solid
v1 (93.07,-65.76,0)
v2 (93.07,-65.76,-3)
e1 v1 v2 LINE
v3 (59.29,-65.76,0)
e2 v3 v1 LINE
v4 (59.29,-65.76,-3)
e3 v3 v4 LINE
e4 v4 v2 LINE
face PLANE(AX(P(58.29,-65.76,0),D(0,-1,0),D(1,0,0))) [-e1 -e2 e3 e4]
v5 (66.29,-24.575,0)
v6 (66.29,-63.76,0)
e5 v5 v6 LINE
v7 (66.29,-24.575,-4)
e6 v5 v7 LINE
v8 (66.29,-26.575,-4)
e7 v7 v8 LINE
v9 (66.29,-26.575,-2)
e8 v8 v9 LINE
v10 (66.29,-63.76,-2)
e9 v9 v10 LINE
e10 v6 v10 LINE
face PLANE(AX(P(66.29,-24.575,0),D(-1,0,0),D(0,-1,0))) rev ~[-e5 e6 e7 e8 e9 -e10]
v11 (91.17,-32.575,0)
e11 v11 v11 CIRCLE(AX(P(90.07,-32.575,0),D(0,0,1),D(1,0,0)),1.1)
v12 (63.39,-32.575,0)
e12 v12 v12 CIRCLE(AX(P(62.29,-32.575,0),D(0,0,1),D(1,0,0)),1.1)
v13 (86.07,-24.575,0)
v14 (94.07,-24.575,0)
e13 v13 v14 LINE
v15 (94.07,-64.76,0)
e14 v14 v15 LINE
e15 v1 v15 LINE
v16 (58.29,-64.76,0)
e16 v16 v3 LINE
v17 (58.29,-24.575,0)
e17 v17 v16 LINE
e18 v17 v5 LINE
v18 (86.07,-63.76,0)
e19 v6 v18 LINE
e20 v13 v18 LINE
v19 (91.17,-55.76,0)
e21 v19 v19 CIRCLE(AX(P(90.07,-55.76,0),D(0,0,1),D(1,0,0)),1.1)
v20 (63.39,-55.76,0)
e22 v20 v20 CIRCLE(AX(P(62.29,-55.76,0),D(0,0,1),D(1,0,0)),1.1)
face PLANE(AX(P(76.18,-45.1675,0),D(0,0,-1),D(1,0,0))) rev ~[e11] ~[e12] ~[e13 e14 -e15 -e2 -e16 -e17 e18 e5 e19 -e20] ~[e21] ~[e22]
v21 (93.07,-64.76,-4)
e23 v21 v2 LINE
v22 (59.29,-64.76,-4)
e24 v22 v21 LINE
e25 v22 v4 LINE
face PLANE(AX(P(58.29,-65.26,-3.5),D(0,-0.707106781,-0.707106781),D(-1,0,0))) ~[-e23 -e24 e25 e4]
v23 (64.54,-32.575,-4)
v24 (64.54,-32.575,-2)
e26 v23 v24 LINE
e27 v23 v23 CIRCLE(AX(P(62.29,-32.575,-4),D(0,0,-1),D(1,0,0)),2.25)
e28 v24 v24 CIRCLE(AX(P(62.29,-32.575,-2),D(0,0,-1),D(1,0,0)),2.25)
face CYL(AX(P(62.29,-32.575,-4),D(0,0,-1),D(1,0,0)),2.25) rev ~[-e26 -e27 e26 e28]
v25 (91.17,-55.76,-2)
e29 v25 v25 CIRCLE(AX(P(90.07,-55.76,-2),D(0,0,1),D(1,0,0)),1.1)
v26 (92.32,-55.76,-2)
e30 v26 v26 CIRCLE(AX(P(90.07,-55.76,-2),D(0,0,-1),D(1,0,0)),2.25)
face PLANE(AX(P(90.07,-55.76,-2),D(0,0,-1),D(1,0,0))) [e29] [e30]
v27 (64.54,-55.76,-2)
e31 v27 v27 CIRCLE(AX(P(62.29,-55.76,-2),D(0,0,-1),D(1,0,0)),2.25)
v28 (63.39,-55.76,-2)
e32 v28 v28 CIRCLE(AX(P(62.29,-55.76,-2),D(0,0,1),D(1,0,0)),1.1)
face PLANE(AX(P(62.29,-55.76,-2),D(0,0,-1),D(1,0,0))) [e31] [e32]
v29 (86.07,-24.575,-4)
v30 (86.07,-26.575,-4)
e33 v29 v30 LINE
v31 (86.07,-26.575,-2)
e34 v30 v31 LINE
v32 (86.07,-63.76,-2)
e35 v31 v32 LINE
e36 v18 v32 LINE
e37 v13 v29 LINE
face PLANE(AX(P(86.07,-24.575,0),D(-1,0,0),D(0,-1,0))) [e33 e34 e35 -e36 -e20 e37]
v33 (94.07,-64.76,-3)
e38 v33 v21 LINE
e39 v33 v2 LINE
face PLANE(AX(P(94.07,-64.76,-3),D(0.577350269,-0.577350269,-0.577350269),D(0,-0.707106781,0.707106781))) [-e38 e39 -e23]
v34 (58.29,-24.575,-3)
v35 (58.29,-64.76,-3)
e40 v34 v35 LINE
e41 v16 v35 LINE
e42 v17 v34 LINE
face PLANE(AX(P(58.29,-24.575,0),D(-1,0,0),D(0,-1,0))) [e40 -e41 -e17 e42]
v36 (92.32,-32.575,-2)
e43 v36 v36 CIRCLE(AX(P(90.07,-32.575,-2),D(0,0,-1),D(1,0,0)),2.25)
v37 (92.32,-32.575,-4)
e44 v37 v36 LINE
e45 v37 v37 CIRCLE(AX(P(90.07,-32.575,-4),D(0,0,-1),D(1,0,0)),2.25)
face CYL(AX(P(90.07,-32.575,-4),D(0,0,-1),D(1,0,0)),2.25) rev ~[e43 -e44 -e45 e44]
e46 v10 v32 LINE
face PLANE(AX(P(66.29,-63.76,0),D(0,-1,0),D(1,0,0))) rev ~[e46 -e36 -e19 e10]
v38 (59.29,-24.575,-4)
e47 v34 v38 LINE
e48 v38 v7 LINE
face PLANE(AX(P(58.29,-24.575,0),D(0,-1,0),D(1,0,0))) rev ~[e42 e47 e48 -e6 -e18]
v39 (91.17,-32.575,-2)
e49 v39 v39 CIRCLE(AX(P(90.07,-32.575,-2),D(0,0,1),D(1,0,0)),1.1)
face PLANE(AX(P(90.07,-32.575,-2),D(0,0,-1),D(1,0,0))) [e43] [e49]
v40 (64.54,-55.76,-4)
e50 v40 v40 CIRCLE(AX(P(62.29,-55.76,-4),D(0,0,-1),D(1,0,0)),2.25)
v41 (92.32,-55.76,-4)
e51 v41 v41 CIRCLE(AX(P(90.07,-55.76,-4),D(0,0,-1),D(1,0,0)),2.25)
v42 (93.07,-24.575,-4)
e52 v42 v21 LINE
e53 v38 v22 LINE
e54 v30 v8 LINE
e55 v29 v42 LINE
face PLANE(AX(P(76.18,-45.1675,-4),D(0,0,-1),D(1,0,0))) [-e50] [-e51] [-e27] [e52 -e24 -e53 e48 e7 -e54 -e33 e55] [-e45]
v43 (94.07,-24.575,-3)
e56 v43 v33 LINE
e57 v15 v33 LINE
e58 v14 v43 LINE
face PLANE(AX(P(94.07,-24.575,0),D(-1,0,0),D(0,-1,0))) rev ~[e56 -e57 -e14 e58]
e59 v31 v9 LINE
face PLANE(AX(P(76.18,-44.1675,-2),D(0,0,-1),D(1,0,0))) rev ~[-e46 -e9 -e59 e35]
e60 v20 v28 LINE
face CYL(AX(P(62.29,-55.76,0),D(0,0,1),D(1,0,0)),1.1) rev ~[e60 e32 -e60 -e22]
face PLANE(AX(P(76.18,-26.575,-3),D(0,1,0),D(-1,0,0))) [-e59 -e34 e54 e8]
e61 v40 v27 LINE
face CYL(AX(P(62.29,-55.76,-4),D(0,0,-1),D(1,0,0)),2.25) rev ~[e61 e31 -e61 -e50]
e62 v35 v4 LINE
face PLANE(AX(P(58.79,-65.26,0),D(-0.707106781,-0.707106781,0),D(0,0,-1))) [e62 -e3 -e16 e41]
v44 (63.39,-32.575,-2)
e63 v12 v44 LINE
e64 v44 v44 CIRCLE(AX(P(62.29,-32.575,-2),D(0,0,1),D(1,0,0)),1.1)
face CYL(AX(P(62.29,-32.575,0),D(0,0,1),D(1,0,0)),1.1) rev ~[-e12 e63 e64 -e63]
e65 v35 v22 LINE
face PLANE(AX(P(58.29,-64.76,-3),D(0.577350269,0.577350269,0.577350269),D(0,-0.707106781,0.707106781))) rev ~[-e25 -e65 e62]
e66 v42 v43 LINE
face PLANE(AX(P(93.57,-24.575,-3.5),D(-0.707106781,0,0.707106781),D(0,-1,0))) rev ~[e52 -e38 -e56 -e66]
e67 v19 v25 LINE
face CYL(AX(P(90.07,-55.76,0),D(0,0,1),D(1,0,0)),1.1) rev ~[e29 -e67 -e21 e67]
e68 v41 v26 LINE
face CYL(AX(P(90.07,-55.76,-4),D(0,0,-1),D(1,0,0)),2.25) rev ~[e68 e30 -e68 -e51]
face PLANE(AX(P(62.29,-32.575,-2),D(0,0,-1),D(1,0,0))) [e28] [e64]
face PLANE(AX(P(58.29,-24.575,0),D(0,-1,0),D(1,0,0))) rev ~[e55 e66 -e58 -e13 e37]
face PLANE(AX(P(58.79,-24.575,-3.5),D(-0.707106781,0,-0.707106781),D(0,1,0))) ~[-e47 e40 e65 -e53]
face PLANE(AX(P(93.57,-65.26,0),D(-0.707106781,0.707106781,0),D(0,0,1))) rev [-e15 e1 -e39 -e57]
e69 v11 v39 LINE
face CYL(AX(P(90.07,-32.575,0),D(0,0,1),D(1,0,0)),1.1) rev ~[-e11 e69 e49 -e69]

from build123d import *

# Parameters (mm, degrees)
SKETCH003_W     = 35.78
SKETCH003_H     = 41.185
PAD002_DEPTH    = 4
SKETCH004_W     = 19.78
SKETCH004_H     = 39.185
POCKET003_DEPTH = 2
SKETCH006_R     = 1.1
POCKET005_DEPTH = 4.001
SKETCH007_R     = 2.25
POCKET006_DEPTH = 2
CHAMFER001_SIZE = 1
SKETCH019_W     = 19.78
SKETCH019_H     = 2
POCKET015_DEPTH = 2


with BuildPart() as part:
    # Sketch003 (on ShapeBinder) → Pad002 (new body)
    with BuildSketch(Plane(origin=(0, 0, 0), x_dir=(1, 0, 0), z_dir=(0, 0, -1))):
        with Locations((76.18, 45.1675)):
            Rectangle(SKETCH003_W, SKETCH003_H)
    extrude(amount=PAD002_DEPTH)

    # Sketch004 (on ShapeBinder) → Pocket003 (cut)
    with BuildSketch(Plane(origin=(0, 0, 0), x_dir=(1, 0, 0), z_dir=(0, 0, -1))):
        with Locations((76.18, 44.1675)):
            Rectangle(SKETCH004_W, SKETCH004_H)
    extrude(amount=POCKET003_DEPTH, mode=Mode.SUBTRACT)

    # Sketch006 (on Face4 of Pocket003) → Pocket005 (cut, through all)
    with BuildSketch(Plane.XY):
        with Locations((62.29, -32.575)):
            Circle(SKETCH006_R)
        with Locations((90.07, -32.575)):
            Circle(SKETCH006_R)
        with Locations((90.07, -55.76)):
            Circle(SKETCH006_R)
        with Locations((62.29, -55.76)):
            Circle(SKETCH006_R)
    extrude(amount=-POCKET005_DEPTH, mode=Mode.SUBTRACT)

    # Sketch007 (on Face5 of Pocket005) → Pocket006 (cut)
    with BuildSketch(Plane(origin=(0, 0, -4), x_dir=(1, 0, 0), z_dir=(0, 0, -1))):
        with Locations((62.29, 55.76)):
            Circle(SKETCH007_R)
        with Locations((90.07, 55.76)):
            Circle(SKETCH007_R)
        with Locations((90.07, 32.575)):
            Circle(SKETCH007_R)
        with Locations((62.29, 32.575)):
            Circle(SKETCH007_R)
    extrude(amount=-POCKET006_DEPTH, mode=Mode.SUBTRACT)

    # Chamfer001
    chamfer001_edges = [part.edges().sort_by_distance(p)[0] for p in [
        (76.18, -65.76, -4),
        (94.07, -45.1675, -4),
        (58.29, -45.1675, -4),
        (58.29, -65.76, -2),
        (94.07, -65.76, -2),
    ]]
    chamfer(chamfer001_edges, length=CHAMFER001_SIZE)

    # Sketch019 (on Face7 of Chamfer001) → Pocket015 (cut)
    with BuildSketch(Plane(origin=(0, -24.575, 0), x_dir=(-1, 0, 0), z_dir=(0, 1, 0))):
        with Locations((-76.18, -3)):
            Rectangle(SKETCH019_W, SKETCH019_H)
    extrude(amount=-POCKET015_DEPTH, mode=Mode.SUBTRACT)


solid = part.part
